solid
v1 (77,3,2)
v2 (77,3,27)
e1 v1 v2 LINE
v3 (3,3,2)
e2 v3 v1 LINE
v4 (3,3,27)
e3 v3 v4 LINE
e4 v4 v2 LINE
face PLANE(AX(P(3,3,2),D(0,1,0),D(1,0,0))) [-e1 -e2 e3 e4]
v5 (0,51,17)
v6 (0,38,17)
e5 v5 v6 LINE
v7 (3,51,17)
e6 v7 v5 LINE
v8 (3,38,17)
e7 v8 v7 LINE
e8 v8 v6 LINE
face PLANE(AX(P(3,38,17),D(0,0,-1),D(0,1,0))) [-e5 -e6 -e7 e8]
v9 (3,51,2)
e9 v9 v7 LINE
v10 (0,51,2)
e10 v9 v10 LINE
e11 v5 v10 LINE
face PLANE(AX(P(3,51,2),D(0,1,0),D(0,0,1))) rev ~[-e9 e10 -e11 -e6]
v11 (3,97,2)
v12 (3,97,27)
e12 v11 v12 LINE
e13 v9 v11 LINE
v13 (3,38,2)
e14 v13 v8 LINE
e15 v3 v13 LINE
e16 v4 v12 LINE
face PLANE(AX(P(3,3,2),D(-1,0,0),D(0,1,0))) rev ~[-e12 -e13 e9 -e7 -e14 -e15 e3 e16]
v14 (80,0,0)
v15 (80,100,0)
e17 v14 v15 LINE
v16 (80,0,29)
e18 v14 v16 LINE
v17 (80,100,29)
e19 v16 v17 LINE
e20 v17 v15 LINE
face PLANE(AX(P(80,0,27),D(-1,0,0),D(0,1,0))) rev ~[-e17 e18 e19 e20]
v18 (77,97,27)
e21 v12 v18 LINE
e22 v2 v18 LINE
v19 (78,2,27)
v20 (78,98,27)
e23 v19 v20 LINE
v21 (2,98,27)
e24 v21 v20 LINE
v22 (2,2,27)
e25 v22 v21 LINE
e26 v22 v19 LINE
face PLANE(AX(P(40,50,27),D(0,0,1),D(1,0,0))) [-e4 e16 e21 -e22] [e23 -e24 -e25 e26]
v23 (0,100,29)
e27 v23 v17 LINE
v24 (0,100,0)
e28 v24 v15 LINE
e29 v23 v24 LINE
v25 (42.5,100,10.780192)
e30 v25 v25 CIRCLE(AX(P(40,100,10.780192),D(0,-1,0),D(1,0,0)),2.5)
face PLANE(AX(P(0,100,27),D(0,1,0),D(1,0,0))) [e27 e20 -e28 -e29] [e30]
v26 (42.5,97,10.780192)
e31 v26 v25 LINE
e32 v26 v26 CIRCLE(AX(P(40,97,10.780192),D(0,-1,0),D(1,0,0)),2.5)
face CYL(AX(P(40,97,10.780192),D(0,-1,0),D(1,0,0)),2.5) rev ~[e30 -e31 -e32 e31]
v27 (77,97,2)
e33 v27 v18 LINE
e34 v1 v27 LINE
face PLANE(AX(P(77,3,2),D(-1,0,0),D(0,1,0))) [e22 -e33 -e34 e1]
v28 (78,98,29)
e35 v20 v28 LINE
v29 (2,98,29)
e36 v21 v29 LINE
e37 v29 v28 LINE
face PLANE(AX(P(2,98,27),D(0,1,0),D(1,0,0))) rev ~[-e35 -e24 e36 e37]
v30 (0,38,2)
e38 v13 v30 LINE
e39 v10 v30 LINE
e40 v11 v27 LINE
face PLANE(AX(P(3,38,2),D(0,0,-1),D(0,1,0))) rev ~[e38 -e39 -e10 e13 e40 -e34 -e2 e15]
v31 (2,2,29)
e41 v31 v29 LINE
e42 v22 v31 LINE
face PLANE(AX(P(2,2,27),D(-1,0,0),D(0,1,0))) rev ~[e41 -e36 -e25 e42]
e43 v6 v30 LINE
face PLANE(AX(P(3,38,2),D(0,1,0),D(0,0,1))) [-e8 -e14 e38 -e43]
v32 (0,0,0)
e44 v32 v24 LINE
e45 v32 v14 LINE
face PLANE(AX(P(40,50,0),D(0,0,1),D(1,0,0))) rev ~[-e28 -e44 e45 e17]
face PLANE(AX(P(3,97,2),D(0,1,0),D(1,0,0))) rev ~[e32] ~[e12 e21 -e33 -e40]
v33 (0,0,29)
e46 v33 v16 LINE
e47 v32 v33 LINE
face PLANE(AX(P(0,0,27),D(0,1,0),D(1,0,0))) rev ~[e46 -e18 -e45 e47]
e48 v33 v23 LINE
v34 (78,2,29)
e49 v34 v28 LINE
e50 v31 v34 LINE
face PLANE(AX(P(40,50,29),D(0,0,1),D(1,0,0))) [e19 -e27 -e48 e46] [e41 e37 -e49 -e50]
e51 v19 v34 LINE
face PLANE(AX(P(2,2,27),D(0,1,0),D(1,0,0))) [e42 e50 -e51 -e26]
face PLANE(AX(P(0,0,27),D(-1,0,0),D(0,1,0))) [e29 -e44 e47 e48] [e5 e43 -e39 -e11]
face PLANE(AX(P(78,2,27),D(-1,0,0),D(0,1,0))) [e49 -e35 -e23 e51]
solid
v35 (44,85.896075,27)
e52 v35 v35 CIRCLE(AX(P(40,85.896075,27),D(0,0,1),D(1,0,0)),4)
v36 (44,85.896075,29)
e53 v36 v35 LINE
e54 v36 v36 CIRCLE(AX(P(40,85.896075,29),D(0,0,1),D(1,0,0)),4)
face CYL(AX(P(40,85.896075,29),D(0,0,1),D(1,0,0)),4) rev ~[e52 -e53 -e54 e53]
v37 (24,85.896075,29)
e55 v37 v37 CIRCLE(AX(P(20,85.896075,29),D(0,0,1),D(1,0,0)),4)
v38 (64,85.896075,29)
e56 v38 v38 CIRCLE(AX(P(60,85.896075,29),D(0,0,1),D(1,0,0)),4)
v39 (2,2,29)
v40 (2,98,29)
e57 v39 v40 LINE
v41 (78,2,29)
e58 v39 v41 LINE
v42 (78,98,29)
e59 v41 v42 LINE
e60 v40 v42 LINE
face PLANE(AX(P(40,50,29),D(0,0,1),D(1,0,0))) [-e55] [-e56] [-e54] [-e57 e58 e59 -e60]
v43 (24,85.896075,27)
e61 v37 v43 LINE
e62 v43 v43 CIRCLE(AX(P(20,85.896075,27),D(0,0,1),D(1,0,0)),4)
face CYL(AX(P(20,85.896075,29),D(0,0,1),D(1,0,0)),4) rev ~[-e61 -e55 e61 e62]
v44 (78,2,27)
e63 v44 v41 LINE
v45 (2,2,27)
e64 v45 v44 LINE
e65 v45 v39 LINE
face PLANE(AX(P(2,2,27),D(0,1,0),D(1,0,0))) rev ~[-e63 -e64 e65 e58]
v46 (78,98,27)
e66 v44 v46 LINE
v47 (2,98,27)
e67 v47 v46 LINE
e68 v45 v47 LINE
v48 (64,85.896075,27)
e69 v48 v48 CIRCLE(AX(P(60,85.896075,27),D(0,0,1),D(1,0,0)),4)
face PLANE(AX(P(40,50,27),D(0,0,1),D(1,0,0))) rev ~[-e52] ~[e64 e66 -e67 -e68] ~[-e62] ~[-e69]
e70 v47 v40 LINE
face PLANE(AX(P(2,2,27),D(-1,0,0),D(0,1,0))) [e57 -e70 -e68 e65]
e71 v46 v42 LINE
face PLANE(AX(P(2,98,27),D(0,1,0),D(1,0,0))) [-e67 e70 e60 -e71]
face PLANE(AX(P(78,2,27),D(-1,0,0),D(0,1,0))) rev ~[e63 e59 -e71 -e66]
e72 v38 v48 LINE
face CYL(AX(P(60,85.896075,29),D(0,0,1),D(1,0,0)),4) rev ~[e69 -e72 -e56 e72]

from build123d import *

# Parameters (mm, degrees)
F0_W      = 80
F0_H      = 100
F1_DEPTH  = 2
F2_W      = 80
F2_H      = 100
F2_W_2    = 74
F2_H_2    = 94
F3_DEPTH  = 25
F4_W      = 13
F4_H      = 15
F5_DEPTH  = 3.001
F6_W      = 80
F6_H      = 100
F6_W_2    = 76
F6_H_2    = 96
F7_DEPTH  = 2
F8_W      = 76
F8_H      = 96
F9_DEPTH  = 2
F10_R     = 2.5
F11_DEPTH = 3.001
F12_R     = 4
F13_DEPTH = 29.001


with BuildPart() as f1:
    # F0 (on Top) → F1 (new body)
    with BuildSketch(Plane.XY):
        with Locations((40, 50)):
            Rectangle(F0_W, F0_H)
    extrude(amount=F1_DEPTH)

    # F2 (on face) → F3 (join)
    with BuildSketch(Plane.XY.offset(2)):
        with Locations((40, 50)):
            Rectangle(F2_W, F2_H)
        with Locations((40, 50)):
            Rectangle(F2_W_2, F2_H_2, mode=Mode.SUBTRACT)
    extrude(amount=F3_DEPTH)

    # F4 (on face) → F5 (cut, through all)
    with BuildSketch(Plane.YZ.offset(3)):
        with Locations((44.5, 9.5)):
            Rectangle(F4_W, F4_H)
    extrude(amount=-F5_DEPTH, mode=Mode.SUBTRACT)

    # F6 (on face) → F7 (join)
    with BuildSketch(Plane.XY.offset(27)):
        with Locations((40, 50)):
            Rectangle(F6_W, F6_H)
        with Locations((40, 50)):
            Rectangle(F6_W_2, F6_H_2, mode=Mode.SUBTRACT)
    extrude(amount=F7_DEPTH)

    # F10 (on face) → F11 (cut, through all)
    with BuildSketch(Plane.XZ.offset(-97)):
        with Locations((40, 10.7801919803)):
            Circle(F10_R)
    extrude(amount=-F11_DEPTH, mode=Mode.SUBTRACT)


with BuildPart() as f9:
    # F8 (on face) → F9 (new body)
    with BuildSketch(Plane.XY.offset(27)):
        with Locations((40, 50)):
            Rectangle(F8_W, F8_H)
    extrude(amount=F9_DEPTH)

    # F12 (on face) → F13 (cut, through all)
    with BuildSketch(Plane.XY.offset(29)):
        with Locations((20, 85.8960747719)):
            Circle(F12_R)
        with Locations((40, 85.8960747719)):
            Circle(F12_R)
        with Locations((60, 85.8960747719)):
            Circle(F12_R)
    extrude(amount=-F13_DEPTH, mode=Mode.SUBTRACT)


solid = Compound([f1.part, f9.part])
